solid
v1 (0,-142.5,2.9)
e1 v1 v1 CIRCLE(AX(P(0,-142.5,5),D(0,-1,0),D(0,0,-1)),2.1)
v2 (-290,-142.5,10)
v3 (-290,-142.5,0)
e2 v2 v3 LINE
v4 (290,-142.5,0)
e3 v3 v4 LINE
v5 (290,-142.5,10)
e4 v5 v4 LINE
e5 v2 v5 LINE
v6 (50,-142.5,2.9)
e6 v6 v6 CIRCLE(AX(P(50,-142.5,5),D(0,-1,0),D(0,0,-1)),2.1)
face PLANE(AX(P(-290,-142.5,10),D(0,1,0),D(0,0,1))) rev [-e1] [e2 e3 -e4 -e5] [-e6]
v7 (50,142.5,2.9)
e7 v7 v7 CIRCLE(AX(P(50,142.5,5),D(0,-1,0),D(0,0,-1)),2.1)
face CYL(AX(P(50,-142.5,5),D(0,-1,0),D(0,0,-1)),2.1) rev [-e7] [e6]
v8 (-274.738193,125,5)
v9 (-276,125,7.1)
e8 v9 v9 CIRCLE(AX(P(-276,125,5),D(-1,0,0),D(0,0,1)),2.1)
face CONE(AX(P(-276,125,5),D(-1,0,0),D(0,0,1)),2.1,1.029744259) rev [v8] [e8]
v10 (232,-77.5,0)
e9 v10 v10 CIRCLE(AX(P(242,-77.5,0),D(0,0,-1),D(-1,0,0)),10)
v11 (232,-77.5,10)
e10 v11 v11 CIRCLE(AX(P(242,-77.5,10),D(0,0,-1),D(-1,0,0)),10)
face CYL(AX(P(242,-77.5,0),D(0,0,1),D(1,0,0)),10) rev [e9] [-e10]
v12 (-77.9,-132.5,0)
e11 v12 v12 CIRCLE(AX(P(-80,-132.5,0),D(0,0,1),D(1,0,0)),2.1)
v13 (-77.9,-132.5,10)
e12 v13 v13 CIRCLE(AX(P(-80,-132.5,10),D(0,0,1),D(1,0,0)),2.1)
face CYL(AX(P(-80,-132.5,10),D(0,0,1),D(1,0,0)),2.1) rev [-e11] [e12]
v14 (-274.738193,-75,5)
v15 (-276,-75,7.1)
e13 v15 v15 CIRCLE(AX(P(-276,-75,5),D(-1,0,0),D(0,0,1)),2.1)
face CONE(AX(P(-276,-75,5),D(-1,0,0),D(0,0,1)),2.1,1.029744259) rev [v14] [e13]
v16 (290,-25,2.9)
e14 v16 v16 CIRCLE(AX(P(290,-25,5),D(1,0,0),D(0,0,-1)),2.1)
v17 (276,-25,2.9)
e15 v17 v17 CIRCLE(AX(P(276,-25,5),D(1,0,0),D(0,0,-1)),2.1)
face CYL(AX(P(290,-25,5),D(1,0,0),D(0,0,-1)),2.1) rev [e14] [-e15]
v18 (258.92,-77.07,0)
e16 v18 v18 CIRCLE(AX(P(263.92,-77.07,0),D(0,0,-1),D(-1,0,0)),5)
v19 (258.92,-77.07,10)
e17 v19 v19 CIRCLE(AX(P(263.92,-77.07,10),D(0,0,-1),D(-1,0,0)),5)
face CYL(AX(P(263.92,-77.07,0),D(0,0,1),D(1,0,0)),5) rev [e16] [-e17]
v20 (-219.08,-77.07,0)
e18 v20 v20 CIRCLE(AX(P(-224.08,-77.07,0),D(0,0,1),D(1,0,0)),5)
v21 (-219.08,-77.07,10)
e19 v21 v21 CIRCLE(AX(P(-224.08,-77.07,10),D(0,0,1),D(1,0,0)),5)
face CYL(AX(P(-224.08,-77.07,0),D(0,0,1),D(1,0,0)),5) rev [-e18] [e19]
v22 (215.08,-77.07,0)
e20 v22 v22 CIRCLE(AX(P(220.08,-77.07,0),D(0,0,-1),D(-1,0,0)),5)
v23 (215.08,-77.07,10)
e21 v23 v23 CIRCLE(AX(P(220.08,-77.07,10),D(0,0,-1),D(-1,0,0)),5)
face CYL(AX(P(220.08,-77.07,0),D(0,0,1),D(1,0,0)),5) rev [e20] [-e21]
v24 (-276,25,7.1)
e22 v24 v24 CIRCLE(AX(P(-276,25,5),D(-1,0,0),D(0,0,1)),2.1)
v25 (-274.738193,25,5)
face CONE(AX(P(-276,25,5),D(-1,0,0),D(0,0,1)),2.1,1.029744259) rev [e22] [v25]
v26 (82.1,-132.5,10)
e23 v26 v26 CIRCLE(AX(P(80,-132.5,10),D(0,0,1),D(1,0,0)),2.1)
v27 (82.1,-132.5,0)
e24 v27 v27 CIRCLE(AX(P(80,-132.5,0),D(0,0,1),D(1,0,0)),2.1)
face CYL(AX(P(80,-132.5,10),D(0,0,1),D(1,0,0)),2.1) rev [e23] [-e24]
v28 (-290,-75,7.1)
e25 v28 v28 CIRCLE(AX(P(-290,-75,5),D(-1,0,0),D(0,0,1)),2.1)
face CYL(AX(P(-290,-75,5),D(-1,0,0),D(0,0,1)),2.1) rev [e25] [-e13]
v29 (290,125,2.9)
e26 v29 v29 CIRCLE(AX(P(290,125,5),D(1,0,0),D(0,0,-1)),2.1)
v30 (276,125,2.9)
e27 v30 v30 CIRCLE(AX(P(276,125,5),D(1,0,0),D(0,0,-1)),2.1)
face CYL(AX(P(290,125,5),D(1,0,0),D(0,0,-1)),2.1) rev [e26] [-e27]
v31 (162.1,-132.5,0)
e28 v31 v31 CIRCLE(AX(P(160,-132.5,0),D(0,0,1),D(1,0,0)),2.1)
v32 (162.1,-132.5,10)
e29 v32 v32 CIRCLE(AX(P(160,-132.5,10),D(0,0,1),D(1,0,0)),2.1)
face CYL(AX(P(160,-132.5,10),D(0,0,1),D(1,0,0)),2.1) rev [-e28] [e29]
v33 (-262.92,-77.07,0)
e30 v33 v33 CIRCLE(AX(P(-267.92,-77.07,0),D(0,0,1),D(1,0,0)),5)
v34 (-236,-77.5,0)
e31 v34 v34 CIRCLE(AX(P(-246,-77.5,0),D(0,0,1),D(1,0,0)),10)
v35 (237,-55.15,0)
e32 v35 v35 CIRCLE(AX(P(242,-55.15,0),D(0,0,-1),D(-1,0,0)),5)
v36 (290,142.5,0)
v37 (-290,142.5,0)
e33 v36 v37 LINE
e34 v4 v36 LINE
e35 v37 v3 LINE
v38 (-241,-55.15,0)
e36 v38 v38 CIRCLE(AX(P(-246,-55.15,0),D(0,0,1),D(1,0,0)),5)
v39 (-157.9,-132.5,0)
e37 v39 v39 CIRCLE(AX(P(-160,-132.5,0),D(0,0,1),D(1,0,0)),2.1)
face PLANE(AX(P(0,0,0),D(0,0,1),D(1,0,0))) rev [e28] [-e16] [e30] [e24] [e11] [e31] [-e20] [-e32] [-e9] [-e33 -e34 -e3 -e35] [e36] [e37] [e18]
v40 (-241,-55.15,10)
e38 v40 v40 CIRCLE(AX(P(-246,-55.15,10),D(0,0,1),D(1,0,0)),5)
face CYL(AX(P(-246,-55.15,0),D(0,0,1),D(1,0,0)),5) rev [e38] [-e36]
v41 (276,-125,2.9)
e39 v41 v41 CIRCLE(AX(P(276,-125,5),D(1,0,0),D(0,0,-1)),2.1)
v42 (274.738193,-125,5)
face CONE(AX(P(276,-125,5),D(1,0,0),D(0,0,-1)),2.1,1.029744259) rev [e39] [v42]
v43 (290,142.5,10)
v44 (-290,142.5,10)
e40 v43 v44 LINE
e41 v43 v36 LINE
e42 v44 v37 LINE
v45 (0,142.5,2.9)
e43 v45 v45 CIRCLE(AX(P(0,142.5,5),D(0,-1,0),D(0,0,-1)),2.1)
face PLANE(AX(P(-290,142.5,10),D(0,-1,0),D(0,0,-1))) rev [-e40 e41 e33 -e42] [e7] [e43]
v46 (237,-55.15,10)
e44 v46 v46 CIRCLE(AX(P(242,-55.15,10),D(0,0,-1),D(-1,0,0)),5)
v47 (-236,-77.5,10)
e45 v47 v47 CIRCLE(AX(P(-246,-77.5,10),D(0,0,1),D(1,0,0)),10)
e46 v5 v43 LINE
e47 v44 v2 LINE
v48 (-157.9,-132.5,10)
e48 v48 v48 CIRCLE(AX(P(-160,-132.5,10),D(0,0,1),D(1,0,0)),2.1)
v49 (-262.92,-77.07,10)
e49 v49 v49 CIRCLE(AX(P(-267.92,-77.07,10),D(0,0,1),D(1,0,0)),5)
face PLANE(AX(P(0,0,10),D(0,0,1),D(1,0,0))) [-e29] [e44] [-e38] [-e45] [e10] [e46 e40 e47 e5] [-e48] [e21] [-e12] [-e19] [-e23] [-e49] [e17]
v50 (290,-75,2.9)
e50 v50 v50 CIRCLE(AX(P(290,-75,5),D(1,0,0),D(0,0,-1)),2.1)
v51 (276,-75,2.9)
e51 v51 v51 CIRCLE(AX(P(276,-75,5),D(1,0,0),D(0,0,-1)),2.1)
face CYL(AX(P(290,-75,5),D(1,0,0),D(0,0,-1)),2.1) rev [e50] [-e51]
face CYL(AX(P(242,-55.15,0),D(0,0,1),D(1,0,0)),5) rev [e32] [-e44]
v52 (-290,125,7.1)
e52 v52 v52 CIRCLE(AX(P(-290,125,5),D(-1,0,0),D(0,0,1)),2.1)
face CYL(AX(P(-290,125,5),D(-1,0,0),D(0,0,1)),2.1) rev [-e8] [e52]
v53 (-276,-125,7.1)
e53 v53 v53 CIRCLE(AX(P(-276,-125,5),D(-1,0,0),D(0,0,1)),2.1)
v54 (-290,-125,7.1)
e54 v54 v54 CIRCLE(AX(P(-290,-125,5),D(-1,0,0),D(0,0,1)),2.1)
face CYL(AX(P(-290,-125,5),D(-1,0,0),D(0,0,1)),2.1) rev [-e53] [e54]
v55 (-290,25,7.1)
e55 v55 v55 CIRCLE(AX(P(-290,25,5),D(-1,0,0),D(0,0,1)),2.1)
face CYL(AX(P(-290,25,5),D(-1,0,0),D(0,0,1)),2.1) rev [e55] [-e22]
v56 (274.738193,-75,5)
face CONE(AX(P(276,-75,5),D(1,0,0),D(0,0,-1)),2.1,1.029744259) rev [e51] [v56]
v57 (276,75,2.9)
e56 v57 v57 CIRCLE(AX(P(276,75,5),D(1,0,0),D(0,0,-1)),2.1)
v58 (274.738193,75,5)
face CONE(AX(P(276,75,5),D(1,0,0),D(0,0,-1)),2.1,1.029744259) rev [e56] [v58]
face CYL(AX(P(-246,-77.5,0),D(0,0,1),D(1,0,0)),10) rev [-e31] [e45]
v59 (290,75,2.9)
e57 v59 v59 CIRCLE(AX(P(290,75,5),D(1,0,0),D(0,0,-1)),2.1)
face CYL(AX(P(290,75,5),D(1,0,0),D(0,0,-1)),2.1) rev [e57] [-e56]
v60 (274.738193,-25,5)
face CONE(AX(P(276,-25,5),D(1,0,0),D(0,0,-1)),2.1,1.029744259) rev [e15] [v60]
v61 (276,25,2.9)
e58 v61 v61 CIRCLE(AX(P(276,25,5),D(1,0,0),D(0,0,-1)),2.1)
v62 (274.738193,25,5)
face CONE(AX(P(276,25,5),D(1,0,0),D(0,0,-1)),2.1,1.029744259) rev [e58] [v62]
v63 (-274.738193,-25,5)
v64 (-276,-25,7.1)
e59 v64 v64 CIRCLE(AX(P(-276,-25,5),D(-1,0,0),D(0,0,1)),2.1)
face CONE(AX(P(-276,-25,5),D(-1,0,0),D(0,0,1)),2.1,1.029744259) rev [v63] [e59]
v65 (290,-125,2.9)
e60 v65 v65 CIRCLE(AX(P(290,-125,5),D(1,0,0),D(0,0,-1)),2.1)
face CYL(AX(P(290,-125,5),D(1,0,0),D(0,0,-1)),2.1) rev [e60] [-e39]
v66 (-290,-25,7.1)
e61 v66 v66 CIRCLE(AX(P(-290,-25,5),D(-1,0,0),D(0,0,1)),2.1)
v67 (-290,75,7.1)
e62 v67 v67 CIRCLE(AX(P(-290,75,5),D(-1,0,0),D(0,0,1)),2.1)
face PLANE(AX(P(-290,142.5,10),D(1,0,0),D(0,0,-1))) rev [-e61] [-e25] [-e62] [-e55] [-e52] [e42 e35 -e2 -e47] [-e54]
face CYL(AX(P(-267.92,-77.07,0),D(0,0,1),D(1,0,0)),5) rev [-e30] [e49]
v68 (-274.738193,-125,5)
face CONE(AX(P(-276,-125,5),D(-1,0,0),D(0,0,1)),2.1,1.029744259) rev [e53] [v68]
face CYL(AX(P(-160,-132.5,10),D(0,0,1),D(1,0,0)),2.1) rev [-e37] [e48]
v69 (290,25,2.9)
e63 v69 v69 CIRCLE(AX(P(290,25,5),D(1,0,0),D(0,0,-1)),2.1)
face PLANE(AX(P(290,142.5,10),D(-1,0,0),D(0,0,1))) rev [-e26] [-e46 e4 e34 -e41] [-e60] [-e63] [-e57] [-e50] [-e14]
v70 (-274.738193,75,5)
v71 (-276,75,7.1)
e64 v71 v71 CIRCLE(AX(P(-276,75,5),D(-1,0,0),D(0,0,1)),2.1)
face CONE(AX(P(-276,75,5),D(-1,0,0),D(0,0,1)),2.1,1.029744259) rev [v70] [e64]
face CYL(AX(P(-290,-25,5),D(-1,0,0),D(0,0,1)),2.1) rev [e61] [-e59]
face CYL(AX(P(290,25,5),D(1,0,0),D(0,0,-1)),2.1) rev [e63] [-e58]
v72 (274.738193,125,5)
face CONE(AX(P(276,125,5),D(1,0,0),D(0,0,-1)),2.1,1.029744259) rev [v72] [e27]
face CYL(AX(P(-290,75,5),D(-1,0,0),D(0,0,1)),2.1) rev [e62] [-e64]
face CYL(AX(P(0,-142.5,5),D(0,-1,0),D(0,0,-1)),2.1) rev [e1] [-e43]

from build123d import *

# Parameters (mm, degrees)
SKETCH_1_W                  = 580
SKETCH_1_H                  = 285
EXTRUDE_1_DEPTH             = 10
HOLE_WIZARD_M5_1_AT_2_COUNT = 2
HOLE_WIZARD_M5_1_AT_2_PITCH = 50
HOLE_WIZARD_M5_1_AT_3_COUNT = 2
HOLE_WIZARD_M5_1_AT_3_PITCH = 100
HOLE_WIZARD_M5_1_AT_4_COUNT = 2
HOLE_WIZARD_M5_1_AT_4_PITCH = 150
HOLE_WIZARD_M5_1_AT_5_COUNT = 2
HOLE_WIZARD_M5_1_AT_5_PITCH = 200
HOLE_WIZARD_M5_1_AT_6_COUNT = 2
HOLE_WIZARD_M5_1_AT_6_PITCH = 250
HOLE_WIZARD_M5_2_D          = 4.2
HOLE_WIZARD_M5_3_D          = 4.2
SKETCH_12_R                 = 5
CUT_EXTRUDE_1_DEPTH         = 324.274264364
SKETCH_12_4_R               = 10
CUT_EXTRUDE_2_DEPTH         = 324.274264364


with BuildPart() as part:
    # 草图1 → 凸台-拉伸1 (new body)
    with BuildSketch(Plane.XY):
        Rectangle(SKETCH_1_W, SKETCH_1_H)
    extrude(amount=EXTRUDE_1_DEPTH)

    # 草图5 → M5 螺纹孔1 (revolve, cut)
    with BuildSketch(Plane(origin=(-290, 125, 5), x_dir=(0, 0, 1), z_dir=(0, 1, 0))):
        Polygon((0, 0), (0, 15.2618073), (2.1, 14), (2.1, 0), align=None)
    hole_wizard_m5_1 = revolve(axis=Axis((-296.35, 125, 5), (1, 0, 0)), mode=Mode.SUBTRACT)

    # M5 螺纹孔1 at 2: M5 螺纹孔1 ×2
    with Locations(*[(0, -i * HOLE_WIZARD_M5_1_AT_2_PITCH, 0) for i in range(1, HOLE_WIZARD_M5_1_AT_2_COUNT)]):
        add(hole_wizard_m5_1, mode=Mode.SUBTRACT)

    # M5 螺纹孔1 at 3: M5 螺纹孔1 ×2
    with Locations(*[(0, -i * HOLE_WIZARD_M5_1_AT_3_PITCH, 0) for i in range(1, HOLE_WIZARD_M5_1_AT_3_COUNT)]):
        add(hole_wizard_m5_1, mode=Mode.SUBTRACT)

    # M5 螺纹孔1 at 4: M5 螺纹孔1 ×2
    with Locations(*[(0, -i * HOLE_WIZARD_M5_1_AT_4_PITCH, 0) for i in range(1, HOLE_WIZARD_M5_1_AT_4_COUNT)]):
        add(hole_wizard_m5_1, mode=Mode.SUBTRACT)

    # M5 螺纹孔1 at 5: M5 螺纹孔1 ×2
    with Locations(*[(0, -i * HOLE_WIZARD_M5_1_AT_5_PITCH, 0) for i in range(1, HOLE_WIZARD_M5_1_AT_5_COUNT)]):
        add(hole_wizard_m5_1, mode=Mode.SUBTRACT)

    # M5 螺纹孔1 at 6: M5 螺纹孔1 ×2
    with Locations(*[(0, -i * HOLE_WIZARD_M5_1_AT_6_PITCH, 0) for i in range(1, HOLE_WIZARD_M5_1_AT_6_COUNT)]):
        add(hole_wizard_m5_1, mode=Mode.SUBTRACT)

    # 镜向1: M5 螺纹孔1 across plane
    add(hole_wizard_m5_1.mirror(Plane(origin=(0, 0, 0), x_dir=(0, 0, 1), z_dir=(1, 0, 0))), mode=Mode.SUBTRACT)

    # 镜向1 copy 1 sketch → 镜向1 copy 1 (revolve, cut)
    with BuildSketch(Plane(origin=(290, 75, 5), x_dir=(0, 0, 1), z_dir=(0, 1, 0))):
        Polygon((0, 0), (0, -15.2618073), (2.1, -14), (2.1, 0), align=None)
    revolve(axis=Axis((296.35, 75, 5), (1, 0, 0)), mode=Mode.SUBTRACT)

    # 镜向1 copy 2 sketch → 镜向1 copy 2 (revolve, cut)
    with BuildSketch(Plane(origin=(290, 25, 5), x_dir=(0, 0, 1), z_dir=(0, 1, 0))):
        Polygon((0, 0), (0, -15.2618073), (2.1, -14), (2.1, 0), align=None)
    revolve(axis=Axis((296.35, 25, 5), (1, 0, 0)), mode=Mode.SUBTRACT)

    # 镜向1 copy 3 sketch → 镜向1 copy 3 (revolve, cut)
    with BuildSketch(Plane(origin=(290, -25, 5), x_dir=(0, 0, 1), z_dir=(0, 1, 0))):
        Polygon((0, 0), (0, -15.2618073), (2.1, -14), (2.1, 0), align=None)
    revolve(axis=Axis((296.35, -25, 5), (1, 0, 0)), mode=Mode.SUBTRACT)

    # 镜向1 copy 4 sketch → 镜向1 copy 4 (revolve, cut)
    with BuildSketch(Plane(origin=(290, -75, 5), x_dir=(0, 0, 1), z_dir=(0, 1, 0))):
        Polygon((0, 0), (0, -15.2618073), (2.1, -14), (2.1, 0), align=None)
    revolve(axis=Axis((296.35, -75, 5), (1, 0, 0)), mode=Mode.SUBTRACT)

    # 镜向1 copy 5 sketch → 镜向1 copy 5 (revolve, cut)
    with BuildSketch(Plane(origin=(290, -125, 5), x_dir=(0, 0, 1), z_dir=(0, 1, 0))):
        Polygon((0, 0), (0, -15.2618073), (2.1, -14), (2.1, 0), align=None)
    revolve(axis=Axis((296.35, -125, 5), (1, 0, 0)), mode=Mode.SUBTRACT)

    # M5 螺纹孔2 (through all)
    with Locations(Plane(origin=(0, -142.5, 0), x_dir=(-1, 0, 0), z_dir=(0, -1, 0))):
        with Locations((0, -5), (-50, -5)):
            Hole(HOLE_WIZARD_M5_2_D / 2)

    # M5 螺纹孔3 (through all)
    with Locations(Plane.XY.offset(10)):
        with Locations((-160, -132.5), (-80, -132.5), (80, -132.5), (160, -132.5)):
            Hole(HOLE_WIZARD_M5_3_D / 2)

    # 草图12 → 切除-拉伸1 (cut, through all)
    with BuildSketch(Plane.XY.offset(10)):
        with Locations((-246, -55.15)):
            Circle(SKETCH_12_R)
        with Locations((-267.92, -77.07)):
            Circle(SKETCH_12_R)
        with Locations((-224.08, -77.07)):
            Circle(SKETCH_12_R)
    cut_extrude_1 = extrude(amount=-CUT_EXTRUDE_1_DEPTH, mode=Mode.SUBTRACT)

    # 镜向2: 切除-拉伸1 across plane
    add(cut_extrude_1.mirror(Plane(origin=(-2, 0, 0), x_dir=(0, 0, 1), z_dir=(1, 0, 0))), mode=Mode.SUBTRACT)

    # 草图12<4> → 切除-拉伸2 (cut, through all)
    with BuildSketch(Plane.XY.offset(10)):
        with Locations((-246, -77.5)):
            Circle(SKETCH_12_4_R)
    cut_extrude_2 = extrude(amount=-CUT_EXTRUDE_2_DEPTH, mode=Mode.SUBTRACT)

    # 镜向3: 切除-拉伸2 across plane
    add(cut_extrude_2.mirror(Plane(origin=(-2, 0, 0), x_dir=(0, 0, 1), z_dir=(1, 0, 0))), mode=Mode.SUBTRACT)


solid = part.part
